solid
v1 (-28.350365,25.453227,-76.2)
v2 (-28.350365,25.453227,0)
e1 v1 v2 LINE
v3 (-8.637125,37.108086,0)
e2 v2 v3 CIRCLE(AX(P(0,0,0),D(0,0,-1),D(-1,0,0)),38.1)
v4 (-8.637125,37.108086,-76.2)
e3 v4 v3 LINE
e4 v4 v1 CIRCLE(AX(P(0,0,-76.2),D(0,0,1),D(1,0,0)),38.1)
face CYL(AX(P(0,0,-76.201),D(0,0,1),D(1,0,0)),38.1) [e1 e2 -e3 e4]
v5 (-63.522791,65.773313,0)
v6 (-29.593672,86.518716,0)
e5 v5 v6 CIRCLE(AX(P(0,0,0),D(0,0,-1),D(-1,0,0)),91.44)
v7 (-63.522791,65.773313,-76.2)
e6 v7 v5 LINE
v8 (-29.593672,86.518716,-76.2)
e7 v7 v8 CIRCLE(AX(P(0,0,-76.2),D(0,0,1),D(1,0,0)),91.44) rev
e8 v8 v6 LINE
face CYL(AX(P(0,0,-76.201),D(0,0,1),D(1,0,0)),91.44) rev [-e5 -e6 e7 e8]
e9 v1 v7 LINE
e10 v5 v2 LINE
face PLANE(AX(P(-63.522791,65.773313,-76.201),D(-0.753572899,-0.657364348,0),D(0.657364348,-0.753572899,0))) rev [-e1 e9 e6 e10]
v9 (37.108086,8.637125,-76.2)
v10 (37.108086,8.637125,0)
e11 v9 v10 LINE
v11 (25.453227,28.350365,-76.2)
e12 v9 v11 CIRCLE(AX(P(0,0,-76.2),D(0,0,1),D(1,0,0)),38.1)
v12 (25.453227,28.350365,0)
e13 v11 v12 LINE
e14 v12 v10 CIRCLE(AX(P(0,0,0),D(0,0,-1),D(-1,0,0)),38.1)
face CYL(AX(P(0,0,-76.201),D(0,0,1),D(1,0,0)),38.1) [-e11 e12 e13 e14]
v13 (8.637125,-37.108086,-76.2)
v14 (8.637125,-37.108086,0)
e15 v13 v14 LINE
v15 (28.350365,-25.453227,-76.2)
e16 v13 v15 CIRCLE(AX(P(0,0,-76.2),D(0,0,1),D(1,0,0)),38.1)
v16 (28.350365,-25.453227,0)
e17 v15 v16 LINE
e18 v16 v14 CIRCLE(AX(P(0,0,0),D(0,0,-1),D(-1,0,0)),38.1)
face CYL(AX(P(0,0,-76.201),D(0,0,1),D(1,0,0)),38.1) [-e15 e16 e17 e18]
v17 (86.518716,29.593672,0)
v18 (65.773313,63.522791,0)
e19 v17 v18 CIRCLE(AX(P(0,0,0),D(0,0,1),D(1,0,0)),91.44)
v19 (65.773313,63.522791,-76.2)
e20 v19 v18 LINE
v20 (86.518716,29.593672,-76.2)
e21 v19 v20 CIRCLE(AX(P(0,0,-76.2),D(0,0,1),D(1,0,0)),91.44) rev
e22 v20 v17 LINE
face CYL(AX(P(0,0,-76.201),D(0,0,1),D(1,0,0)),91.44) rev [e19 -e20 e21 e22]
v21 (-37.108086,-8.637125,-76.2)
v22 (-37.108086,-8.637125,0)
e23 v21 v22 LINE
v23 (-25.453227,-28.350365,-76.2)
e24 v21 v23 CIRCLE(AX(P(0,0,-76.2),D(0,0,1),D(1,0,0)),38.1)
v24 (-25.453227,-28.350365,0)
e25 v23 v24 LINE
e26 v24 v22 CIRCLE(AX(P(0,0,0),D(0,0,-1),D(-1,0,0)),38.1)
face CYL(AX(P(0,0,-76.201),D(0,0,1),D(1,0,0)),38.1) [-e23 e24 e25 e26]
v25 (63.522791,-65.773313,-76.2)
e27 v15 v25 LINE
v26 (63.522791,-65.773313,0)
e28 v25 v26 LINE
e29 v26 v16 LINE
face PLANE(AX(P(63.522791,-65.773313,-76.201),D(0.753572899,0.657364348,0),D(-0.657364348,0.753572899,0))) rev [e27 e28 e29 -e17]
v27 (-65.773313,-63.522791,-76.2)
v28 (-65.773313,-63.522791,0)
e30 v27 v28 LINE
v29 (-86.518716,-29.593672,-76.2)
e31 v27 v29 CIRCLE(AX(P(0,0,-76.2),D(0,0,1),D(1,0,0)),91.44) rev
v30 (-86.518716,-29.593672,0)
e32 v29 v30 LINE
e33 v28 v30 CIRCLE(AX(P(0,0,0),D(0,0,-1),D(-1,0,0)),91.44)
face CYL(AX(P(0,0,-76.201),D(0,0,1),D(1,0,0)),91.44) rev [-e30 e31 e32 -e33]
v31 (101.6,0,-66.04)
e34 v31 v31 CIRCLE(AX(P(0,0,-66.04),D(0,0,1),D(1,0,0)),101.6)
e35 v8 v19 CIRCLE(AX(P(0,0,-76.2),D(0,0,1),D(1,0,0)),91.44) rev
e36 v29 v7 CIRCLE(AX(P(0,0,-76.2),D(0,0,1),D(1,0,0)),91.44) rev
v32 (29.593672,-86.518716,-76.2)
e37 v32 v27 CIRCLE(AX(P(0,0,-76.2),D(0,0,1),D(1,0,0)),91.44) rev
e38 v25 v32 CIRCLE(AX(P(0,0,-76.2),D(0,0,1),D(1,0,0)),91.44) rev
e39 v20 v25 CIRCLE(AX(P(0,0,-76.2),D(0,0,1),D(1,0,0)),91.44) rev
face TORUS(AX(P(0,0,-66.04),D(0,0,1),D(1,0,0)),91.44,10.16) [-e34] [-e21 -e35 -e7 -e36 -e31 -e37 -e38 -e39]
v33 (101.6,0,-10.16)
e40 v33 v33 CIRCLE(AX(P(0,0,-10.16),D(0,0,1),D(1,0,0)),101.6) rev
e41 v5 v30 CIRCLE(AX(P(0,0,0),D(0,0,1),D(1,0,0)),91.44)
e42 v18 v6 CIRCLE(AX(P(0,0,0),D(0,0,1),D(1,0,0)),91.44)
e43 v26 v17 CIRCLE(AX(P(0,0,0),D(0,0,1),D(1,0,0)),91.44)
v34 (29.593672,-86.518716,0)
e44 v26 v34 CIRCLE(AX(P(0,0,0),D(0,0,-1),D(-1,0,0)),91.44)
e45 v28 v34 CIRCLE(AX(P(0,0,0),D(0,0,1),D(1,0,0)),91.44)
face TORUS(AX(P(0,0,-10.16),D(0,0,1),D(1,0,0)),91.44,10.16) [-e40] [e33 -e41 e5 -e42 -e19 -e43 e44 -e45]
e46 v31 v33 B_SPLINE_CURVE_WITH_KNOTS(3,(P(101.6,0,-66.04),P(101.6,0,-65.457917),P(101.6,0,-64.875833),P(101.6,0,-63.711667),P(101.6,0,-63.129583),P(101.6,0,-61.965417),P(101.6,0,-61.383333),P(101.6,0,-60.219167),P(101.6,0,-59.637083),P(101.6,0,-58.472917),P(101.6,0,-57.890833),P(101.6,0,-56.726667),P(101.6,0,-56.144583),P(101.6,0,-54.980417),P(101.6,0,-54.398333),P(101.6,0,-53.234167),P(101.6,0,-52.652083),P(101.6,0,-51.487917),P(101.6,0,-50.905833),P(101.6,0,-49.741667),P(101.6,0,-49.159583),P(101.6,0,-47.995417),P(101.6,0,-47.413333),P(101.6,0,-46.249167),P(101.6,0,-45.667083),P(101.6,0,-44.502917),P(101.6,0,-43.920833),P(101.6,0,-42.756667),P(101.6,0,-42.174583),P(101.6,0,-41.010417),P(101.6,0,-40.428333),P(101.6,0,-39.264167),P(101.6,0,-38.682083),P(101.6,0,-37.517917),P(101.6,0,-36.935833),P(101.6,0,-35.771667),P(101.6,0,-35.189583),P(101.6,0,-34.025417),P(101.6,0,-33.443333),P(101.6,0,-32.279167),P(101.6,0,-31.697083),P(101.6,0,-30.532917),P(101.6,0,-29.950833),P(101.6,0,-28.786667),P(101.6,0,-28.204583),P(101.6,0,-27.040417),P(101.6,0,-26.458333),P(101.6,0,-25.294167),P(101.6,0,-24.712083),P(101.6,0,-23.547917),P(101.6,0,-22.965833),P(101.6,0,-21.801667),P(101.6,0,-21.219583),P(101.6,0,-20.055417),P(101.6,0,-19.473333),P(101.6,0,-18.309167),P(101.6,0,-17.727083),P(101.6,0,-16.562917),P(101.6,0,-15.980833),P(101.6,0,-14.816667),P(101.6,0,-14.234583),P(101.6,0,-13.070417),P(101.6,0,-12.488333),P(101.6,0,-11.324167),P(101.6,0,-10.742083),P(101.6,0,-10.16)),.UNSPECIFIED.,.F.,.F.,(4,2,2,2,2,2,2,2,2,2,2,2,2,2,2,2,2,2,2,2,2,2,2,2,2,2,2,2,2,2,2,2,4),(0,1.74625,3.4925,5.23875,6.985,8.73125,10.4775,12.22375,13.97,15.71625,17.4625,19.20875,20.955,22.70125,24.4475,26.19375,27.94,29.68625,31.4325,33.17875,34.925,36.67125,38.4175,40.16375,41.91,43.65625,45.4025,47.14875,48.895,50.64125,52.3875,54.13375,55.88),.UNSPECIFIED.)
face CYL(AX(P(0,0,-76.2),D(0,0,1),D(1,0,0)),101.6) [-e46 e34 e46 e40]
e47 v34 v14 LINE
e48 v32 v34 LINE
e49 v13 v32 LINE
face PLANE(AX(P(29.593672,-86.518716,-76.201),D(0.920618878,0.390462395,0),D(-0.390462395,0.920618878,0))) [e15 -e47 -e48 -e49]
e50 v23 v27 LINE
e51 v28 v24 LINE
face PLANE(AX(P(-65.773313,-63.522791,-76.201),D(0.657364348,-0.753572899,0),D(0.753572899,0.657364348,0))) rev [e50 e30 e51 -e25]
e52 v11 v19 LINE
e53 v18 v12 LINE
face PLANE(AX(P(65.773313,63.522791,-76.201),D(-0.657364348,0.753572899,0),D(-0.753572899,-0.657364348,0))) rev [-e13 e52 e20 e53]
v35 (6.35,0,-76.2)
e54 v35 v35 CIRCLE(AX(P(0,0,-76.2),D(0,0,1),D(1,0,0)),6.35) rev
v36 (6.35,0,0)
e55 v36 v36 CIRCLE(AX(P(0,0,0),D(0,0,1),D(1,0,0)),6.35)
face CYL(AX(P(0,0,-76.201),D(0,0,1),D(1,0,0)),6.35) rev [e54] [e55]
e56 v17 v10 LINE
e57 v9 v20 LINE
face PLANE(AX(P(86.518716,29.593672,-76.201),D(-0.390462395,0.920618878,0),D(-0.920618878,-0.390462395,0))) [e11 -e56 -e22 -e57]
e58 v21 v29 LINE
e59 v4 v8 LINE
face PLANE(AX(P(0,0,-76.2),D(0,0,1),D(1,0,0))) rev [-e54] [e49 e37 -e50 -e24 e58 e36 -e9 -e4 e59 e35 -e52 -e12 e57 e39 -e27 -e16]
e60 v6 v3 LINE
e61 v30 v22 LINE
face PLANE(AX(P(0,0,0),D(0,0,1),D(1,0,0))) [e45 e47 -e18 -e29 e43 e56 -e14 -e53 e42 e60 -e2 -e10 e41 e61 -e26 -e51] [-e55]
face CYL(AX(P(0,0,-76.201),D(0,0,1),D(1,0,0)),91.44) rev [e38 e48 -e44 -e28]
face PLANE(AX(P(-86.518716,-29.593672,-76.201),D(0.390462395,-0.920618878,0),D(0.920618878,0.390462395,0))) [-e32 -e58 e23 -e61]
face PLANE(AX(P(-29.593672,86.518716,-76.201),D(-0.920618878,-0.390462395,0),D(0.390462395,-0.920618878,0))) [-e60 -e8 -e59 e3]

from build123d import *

# Parameters (mm, degrees)
SKETCH2_R           = 101.6
BOSS_EXTRUDE1_DEPTH = 76.2
FILLET1_R           = 10.16
CUT_EXTRUDE1_REACH  = 164.639
SKETCH3_R           = 6.35
CUT_EXTRUDE2_REACH  = 164.639


with BuildPart() as part:
    # Sketch2 → Boss-Extrude1 (new body)
    with BuildSketch(Plane.XY):
        Circle(SKETCH2_R)
    extrude(amount=-BOSS_EXTRUDE1_DEPTH)

    # Fillet1
    fillet1_edges = [part.edges().sort_by_distance(p)[0] for p in [
        (-101.6, 0, 0),
        (-101.6, 0, -76.2),
    ]]
    fillet(fillet1_edges, radius=FILLET1_R)

    # Sketch3 → Cut-Extrude1 (cut, up to next)
    with BuildSketch(Plane.XY, mode=Mode.PRIVATE) as cut_extrude1_sk1:
        Circle(SKETCH3_R)
    cut_extrude1_tool1 = extrude(cut_extrude1_sk1.sketch, amount=-CUT_EXTRUDE1_REACH, mode=Mode.PRIVATE) & part.part
    add(cut_extrude1_tool1.solids().sort_by_distance((0, 0, 0))[0], mode=Mode.SUBTRACT)

    # Sketch5 → Cut-Extrude2 (cut, up to next)
    with BuildSketch(Plane.XY, mode=Mode.PRIVATE) as cut_extrude2_sk1:
        with BuildLine():
            Line((65.773312704, 63.522790682), (25.453227454, 28.350365292))
            ThreePointArc((25.453227454, 28.350365292), (32.796836191, 19.390140171), (37.108086442, 8.637124558))
            Line((37.108086442, 8.637124558), (86.518715929, 29.593671518))
            ThreePointArc((86.518715929, 29.593671518), (78.012894947, 47.699704631), (65.773312704, 63.522790682))
        make_face()
    cut_extrude2_tool1 = extrude(cut_extrude2_sk1.sketch, amount=-CUT_EXTRUDE2_REACH, mode=Mode.PRIVATE) & part.part
    # Sketch5 → Cut-Extrude2 (cut, up to next)
    with BuildSketch(Plane.XY, mode=Mode.PRIVATE) as cut_extrude2_sk2:
        with BuildLine():
            Line((63.522790682, -65.773312704), (28.350365292, -25.453227454))
            ThreePointArc((28.350365292, -25.453227454), (19.390140171, -32.796836191), (8.637124558, -37.108086442))
            Line((8.637124558, -37.108086442), (29.593671518, -86.518715929))
            ThreePointArc((29.593671518, -86.518715929), (47.699704631, -78.012894947), (63.522790682, -65.773312704))
        make_face()
    cut_extrude2_tool2 = extrude(cut_extrude2_sk2.sketch, amount=-CUT_EXTRUDE2_REACH, mode=Mode.PRIVATE) & part.part
    # Sketch5 → Cut-Extrude2 (cut, up to next)
    with BuildSketch(Plane.XY, mode=Mode.PRIVATE) as cut_extrude2_sk3:
        with BuildLine():
            Line((-65.773312704, -63.522790682), (-25.453227454, -28.350365292))
            ThreePointArc((-25.453227454, -28.350365292), (-32.796836191, -19.390140171), (-37.108086442, -8.637124558))
            Line((-37.108086442, -8.637124558), (-86.518715929, -29.593671518))
            ThreePointArc((-86.518715929, -29.593671518), (-78.012894947, -47.699704631), (-65.773312704, -63.522790682))
        make_face()
    cut_extrude2_tool3 = extrude(cut_extrude2_sk3.sketch, amount=-CUT_EXTRUDE2_REACH, mode=Mode.PRIVATE) & part.part
    # Sketch5 → Cut-Extrude2 (cut, up to next)
    with BuildSketch(Plane.XY, mode=Mode.PRIVATE) as cut_extrude2_sk4:
        with BuildLine():
            Line((-63.522790682, 65.773312704), (-28.350365292, 25.453227454))
            ThreePointArc((-28.350365292, 25.453227454), (-19.390140171, 32.796836191), (-8.637124558, 37.108086442))
            Line((-8.637124558, 37.108086442), (-29.593671518, 86.518715929))
            ThreePointArc((-29.593671518, 86.518715929), (-47.699704631, 78.012894947), (-63.522790682, 65.773312704))
        make_face()
    cut_extrude2_tool4 = extrude(cut_extrude2_sk4.sketch, amount=-CUT_EXTRUDE2_REACH, mode=Mode.PRIVATE) & part.part
    add(cut_extrude2_tool1.solids().sort_by_distance((56.84773, 34.461957, 0))[0], mode=Mode.SUBTRACT)
    add(cut_extrude2_tool2.solids().sort_by_distance((34.461957, -56.84773, 0))[0], mode=Mode.SUBTRACT)
    add(cut_extrude2_tool3.solids().sort_by_distance((-56.84773, -34.461957, 0))[0], mode=Mode.SUBTRACT)
    add(cut_extrude2_tool4.solids().sort_by_distance((-34.461957, 56.84773, 0))[0], mode=Mode.SUBTRACT)


solid = part.part
